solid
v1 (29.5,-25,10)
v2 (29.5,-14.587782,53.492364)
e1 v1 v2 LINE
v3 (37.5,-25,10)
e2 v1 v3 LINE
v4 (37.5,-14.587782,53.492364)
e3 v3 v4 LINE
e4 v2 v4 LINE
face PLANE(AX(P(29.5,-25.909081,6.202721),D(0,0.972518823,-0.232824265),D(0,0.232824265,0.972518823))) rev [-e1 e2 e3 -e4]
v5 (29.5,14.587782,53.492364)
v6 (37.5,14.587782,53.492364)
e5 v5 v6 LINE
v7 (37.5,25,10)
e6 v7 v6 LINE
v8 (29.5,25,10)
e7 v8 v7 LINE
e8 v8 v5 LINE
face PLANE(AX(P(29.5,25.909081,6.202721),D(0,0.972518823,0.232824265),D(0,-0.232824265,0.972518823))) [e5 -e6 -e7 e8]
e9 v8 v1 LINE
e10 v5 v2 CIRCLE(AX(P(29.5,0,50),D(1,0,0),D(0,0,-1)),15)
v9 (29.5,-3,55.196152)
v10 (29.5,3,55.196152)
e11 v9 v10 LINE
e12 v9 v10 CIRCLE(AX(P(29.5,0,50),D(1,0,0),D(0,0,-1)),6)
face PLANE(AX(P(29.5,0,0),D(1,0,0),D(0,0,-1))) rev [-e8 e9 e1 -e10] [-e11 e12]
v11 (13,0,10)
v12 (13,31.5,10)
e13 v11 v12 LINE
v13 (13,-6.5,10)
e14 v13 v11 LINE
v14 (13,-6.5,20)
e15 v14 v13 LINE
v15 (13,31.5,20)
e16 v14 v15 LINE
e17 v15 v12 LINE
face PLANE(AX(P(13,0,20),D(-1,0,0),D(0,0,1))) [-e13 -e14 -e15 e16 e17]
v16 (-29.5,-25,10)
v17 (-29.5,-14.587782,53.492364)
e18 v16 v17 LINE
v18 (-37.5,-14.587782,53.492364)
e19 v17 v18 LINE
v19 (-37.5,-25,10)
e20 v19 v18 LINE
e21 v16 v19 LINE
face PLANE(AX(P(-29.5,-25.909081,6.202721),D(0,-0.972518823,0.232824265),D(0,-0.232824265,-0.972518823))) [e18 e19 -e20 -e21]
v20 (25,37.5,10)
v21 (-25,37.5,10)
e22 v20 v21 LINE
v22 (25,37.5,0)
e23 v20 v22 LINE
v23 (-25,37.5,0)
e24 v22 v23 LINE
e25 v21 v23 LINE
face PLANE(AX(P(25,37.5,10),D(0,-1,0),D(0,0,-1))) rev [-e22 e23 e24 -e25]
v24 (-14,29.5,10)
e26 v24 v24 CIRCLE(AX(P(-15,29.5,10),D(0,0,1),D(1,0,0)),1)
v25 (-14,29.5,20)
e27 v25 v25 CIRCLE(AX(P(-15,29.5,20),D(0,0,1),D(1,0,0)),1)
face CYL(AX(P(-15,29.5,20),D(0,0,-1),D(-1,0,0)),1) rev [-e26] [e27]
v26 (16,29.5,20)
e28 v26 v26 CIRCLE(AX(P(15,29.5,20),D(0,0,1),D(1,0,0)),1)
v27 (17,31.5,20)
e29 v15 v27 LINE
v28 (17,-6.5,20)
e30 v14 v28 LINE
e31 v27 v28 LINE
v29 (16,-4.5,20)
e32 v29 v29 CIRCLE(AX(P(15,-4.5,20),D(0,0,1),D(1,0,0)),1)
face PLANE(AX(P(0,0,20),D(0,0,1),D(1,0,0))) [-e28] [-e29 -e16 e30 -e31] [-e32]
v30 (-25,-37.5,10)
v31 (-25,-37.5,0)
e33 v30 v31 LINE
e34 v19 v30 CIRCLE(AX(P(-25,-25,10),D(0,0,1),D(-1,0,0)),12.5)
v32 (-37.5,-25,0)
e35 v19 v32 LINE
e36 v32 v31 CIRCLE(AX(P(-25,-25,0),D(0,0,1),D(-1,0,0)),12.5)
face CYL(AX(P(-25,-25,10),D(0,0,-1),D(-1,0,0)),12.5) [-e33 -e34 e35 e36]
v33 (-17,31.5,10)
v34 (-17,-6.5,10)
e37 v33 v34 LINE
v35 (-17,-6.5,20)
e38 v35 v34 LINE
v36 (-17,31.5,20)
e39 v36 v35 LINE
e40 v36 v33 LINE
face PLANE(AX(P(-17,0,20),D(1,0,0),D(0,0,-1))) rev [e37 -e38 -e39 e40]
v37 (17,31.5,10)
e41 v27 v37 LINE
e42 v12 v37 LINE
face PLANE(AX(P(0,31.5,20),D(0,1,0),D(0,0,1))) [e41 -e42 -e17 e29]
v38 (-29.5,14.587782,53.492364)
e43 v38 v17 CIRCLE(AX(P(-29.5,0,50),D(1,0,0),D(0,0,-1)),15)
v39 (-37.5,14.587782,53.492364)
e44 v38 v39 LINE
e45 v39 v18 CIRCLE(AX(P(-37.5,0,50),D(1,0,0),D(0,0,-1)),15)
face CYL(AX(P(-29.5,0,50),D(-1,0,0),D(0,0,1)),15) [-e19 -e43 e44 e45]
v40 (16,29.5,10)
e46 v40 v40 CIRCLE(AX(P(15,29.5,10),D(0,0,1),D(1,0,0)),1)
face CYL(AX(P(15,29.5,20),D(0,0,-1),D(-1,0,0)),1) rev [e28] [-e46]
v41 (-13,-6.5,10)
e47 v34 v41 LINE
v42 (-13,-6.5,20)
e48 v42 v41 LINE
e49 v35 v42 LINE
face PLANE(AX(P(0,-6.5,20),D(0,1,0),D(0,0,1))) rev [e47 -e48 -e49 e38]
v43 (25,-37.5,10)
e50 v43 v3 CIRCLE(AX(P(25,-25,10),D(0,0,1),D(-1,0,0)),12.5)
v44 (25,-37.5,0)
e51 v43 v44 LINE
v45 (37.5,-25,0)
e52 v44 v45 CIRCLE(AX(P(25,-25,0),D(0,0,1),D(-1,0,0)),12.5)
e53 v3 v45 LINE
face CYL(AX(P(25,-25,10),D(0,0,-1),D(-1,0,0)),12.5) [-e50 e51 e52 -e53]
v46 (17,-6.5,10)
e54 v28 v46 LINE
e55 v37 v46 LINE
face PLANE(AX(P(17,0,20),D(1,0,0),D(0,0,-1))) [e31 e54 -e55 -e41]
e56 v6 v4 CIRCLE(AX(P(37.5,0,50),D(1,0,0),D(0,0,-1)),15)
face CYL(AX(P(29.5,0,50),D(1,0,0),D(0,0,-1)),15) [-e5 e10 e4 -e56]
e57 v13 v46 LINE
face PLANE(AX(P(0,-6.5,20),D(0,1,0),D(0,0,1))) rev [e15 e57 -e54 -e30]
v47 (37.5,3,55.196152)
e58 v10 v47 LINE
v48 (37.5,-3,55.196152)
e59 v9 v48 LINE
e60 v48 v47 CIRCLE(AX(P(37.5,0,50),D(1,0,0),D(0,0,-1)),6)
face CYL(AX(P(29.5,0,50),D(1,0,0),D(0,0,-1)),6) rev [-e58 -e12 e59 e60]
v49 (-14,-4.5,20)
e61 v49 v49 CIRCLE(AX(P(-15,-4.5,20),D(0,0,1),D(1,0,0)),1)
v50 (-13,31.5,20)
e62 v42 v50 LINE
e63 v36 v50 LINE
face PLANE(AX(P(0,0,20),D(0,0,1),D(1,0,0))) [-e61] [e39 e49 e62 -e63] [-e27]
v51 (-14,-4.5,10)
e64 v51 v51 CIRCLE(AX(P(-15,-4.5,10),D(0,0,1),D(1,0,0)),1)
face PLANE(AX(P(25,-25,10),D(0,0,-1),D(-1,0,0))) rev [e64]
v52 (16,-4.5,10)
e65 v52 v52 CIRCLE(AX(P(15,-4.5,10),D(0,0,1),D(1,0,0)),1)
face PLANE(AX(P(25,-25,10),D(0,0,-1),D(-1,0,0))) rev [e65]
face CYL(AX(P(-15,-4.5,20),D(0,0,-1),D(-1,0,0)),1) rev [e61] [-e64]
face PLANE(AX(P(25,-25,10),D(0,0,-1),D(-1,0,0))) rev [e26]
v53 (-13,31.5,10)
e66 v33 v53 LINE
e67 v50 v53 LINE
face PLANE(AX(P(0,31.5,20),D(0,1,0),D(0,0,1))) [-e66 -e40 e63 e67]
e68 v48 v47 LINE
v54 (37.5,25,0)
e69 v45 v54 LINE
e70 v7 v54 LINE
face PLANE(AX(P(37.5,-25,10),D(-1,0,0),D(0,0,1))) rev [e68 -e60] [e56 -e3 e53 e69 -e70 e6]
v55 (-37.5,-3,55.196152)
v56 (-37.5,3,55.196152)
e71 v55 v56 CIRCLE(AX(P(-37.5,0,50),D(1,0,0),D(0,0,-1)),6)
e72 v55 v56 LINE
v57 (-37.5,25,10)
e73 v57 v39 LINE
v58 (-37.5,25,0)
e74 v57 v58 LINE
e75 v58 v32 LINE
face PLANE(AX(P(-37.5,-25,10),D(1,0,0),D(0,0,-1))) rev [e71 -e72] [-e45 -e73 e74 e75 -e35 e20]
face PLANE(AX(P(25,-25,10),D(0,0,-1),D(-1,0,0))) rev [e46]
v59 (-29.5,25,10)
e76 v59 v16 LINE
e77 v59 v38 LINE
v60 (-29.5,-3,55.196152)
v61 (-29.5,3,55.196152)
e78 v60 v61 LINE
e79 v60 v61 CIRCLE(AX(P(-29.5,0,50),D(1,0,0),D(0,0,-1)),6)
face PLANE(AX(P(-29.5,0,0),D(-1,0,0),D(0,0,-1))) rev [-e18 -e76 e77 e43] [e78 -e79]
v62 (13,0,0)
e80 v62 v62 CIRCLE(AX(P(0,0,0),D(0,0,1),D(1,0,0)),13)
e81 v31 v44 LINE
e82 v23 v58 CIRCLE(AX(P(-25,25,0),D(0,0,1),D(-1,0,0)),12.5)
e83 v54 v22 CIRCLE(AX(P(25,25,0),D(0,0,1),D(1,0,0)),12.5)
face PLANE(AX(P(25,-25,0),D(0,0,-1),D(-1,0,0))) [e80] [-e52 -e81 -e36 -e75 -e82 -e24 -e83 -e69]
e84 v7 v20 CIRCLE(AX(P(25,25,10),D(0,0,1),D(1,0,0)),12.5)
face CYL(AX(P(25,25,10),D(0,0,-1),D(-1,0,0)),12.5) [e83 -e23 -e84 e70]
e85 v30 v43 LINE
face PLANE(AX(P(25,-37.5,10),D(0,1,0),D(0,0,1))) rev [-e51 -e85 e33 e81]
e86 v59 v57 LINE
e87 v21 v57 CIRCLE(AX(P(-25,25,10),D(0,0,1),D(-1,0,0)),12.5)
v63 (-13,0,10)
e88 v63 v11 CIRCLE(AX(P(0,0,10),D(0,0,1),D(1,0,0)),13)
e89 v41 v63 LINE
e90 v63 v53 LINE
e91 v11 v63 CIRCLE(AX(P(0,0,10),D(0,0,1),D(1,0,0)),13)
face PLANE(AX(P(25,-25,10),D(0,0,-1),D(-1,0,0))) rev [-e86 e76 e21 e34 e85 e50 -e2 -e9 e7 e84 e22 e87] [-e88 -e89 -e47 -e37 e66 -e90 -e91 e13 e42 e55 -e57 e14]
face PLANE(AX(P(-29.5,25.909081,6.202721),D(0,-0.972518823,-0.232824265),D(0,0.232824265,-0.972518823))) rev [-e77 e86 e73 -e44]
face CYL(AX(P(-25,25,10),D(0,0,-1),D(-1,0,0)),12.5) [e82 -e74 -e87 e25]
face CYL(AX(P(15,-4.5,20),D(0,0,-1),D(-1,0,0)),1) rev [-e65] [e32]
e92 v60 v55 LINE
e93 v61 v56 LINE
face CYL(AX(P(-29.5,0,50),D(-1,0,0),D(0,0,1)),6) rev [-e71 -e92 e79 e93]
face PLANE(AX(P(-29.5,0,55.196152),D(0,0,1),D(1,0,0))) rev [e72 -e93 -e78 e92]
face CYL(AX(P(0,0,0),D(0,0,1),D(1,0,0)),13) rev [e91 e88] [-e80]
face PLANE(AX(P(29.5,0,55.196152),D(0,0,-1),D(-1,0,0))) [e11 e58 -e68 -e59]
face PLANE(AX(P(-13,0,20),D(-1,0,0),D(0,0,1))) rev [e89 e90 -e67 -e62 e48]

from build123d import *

# Parameters (mm, degrees)
BOSS_EXTRUDE1_DEPTH = 10
BOSS_EXTRUDE2_DEPTH = 8
SKETCH4_R           = 13
CUT_EXTRUDE2_DEPTH  = 77.40353395
SKETCH5_W           = 4
SKETCH5_H           = 38
SKETCH5_R           = 1
BOSS_EXTRUDE3_DEPTH = 10


with BuildPart() as part:
    # Sketch1 → Boss-Extrude1 (new body)
    with BuildSketch(Plane(origin=(0, 0, 0), x_dir=(0, 1, 0), z_dir=(0, 0, 1))):
        with BuildLine():
            Line((-25, -37.5), (25, -37.5))
            ThreePointArc((25, -37.5), (33.838834765, -33.838834765), (37.5, -25))
            Line((37.5, -25), (37.5, 25))
            ThreePointArc((37.5, 25), (33.838834765, 33.838834765), (25, 37.5))
            Line((25, 37.5), (-25, 37.5))
            ThreePointArc((-25, 37.5), (-33.838834765, 33.838834765), (-37.5, 25))
            Line((-37.5, 25), (-37.5, -25))
            ThreePointArc((-37.5, -25), (-33.838834765, -33.838834765), (-25, -37.5))
        make_face()
    extrude(amount=BOSS_EXTRUDE1_DEPTH)

    # Sketch2 → Boss-Extrude2 (add)
    with BuildSketch(Plane.YZ.offset(37.5)):
        with BuildLine():
            ThreePointArc((14.587782351, 53.492363969), (0, 65), (-14.587782351, 53.492363969))
            Line((-14.587782351, 53.492363969), (-25, 10))
            Line((-25, 10), (25, 10))
            Line((25, 10), (14.587782351, 53.492363969))
        make_face()
        with BuildLine():
            ThreePointArc((0, 44), (-5.795554958, 48.447085729), (-3, 55.196152423))
            Line((-3, 55.196152423), (3, 55.196152423))
            ThreePointArc((3, 55.196152423), (5.795554958, 48.447085729), (0, 44))
        make_face(mode=Mode.SUBTRACT)
    boss_extrude2 = extrude(amount=-BOSS_EXTRUDE2_DEPTH)

    # Mirror1: Boss-Extrude2 across plane
    add(boss_extrude2.mirror(Plane(origin=(0, 0, 0), x_dir=(0, 0, 1), z_dir=(1, 0, 0))))

    # Sketch4 → Cut-Extrude2 (cut, through all)
    with BuildSketch(Plane.XY.offset(10)):
        Circle(SKETCH4_R)
    extrude(amount=-CUT_EXTRUDE2_DEPTH, mode=Mode.SUBTRACT)

    # Sketch5 → Boss-Extrude3 (add)
    # profile 1 of 2: a face of its own
    with BuildSketch(Plane.XY.offset(10)):
        with Locations((-15, 12.5)):
            Rectangle(SKETCH5_W, SKETCH5_H)
        with Locations((-15, -4.5)):
            Circle(SKETCH5_R, mode=Mode.SUBTRACT)
        with Locations((-15, 29.5)):
            Circle(SKETCH5_R, mode=Mode.SUBTRACT)
    # profile 2 of 2: a face of its own
    with BuildSketch(Plane.XY.offset(10)):
        with Locations((15, 12.5)):
            Rectangle(SKETCH5_W, SKETCH5_H)
        with Locations((15, -4.5)):
            Circle(SKETCH5_R, mode=Mode.SUBTRACT)
        with Locations((15, 29.5)):
            Circle(SKETCH5_R, mode=Mode.SUBTRACT)
    extrude(amount=BOSS_EXTRUDE3_DEPTH)


solid = part.part
